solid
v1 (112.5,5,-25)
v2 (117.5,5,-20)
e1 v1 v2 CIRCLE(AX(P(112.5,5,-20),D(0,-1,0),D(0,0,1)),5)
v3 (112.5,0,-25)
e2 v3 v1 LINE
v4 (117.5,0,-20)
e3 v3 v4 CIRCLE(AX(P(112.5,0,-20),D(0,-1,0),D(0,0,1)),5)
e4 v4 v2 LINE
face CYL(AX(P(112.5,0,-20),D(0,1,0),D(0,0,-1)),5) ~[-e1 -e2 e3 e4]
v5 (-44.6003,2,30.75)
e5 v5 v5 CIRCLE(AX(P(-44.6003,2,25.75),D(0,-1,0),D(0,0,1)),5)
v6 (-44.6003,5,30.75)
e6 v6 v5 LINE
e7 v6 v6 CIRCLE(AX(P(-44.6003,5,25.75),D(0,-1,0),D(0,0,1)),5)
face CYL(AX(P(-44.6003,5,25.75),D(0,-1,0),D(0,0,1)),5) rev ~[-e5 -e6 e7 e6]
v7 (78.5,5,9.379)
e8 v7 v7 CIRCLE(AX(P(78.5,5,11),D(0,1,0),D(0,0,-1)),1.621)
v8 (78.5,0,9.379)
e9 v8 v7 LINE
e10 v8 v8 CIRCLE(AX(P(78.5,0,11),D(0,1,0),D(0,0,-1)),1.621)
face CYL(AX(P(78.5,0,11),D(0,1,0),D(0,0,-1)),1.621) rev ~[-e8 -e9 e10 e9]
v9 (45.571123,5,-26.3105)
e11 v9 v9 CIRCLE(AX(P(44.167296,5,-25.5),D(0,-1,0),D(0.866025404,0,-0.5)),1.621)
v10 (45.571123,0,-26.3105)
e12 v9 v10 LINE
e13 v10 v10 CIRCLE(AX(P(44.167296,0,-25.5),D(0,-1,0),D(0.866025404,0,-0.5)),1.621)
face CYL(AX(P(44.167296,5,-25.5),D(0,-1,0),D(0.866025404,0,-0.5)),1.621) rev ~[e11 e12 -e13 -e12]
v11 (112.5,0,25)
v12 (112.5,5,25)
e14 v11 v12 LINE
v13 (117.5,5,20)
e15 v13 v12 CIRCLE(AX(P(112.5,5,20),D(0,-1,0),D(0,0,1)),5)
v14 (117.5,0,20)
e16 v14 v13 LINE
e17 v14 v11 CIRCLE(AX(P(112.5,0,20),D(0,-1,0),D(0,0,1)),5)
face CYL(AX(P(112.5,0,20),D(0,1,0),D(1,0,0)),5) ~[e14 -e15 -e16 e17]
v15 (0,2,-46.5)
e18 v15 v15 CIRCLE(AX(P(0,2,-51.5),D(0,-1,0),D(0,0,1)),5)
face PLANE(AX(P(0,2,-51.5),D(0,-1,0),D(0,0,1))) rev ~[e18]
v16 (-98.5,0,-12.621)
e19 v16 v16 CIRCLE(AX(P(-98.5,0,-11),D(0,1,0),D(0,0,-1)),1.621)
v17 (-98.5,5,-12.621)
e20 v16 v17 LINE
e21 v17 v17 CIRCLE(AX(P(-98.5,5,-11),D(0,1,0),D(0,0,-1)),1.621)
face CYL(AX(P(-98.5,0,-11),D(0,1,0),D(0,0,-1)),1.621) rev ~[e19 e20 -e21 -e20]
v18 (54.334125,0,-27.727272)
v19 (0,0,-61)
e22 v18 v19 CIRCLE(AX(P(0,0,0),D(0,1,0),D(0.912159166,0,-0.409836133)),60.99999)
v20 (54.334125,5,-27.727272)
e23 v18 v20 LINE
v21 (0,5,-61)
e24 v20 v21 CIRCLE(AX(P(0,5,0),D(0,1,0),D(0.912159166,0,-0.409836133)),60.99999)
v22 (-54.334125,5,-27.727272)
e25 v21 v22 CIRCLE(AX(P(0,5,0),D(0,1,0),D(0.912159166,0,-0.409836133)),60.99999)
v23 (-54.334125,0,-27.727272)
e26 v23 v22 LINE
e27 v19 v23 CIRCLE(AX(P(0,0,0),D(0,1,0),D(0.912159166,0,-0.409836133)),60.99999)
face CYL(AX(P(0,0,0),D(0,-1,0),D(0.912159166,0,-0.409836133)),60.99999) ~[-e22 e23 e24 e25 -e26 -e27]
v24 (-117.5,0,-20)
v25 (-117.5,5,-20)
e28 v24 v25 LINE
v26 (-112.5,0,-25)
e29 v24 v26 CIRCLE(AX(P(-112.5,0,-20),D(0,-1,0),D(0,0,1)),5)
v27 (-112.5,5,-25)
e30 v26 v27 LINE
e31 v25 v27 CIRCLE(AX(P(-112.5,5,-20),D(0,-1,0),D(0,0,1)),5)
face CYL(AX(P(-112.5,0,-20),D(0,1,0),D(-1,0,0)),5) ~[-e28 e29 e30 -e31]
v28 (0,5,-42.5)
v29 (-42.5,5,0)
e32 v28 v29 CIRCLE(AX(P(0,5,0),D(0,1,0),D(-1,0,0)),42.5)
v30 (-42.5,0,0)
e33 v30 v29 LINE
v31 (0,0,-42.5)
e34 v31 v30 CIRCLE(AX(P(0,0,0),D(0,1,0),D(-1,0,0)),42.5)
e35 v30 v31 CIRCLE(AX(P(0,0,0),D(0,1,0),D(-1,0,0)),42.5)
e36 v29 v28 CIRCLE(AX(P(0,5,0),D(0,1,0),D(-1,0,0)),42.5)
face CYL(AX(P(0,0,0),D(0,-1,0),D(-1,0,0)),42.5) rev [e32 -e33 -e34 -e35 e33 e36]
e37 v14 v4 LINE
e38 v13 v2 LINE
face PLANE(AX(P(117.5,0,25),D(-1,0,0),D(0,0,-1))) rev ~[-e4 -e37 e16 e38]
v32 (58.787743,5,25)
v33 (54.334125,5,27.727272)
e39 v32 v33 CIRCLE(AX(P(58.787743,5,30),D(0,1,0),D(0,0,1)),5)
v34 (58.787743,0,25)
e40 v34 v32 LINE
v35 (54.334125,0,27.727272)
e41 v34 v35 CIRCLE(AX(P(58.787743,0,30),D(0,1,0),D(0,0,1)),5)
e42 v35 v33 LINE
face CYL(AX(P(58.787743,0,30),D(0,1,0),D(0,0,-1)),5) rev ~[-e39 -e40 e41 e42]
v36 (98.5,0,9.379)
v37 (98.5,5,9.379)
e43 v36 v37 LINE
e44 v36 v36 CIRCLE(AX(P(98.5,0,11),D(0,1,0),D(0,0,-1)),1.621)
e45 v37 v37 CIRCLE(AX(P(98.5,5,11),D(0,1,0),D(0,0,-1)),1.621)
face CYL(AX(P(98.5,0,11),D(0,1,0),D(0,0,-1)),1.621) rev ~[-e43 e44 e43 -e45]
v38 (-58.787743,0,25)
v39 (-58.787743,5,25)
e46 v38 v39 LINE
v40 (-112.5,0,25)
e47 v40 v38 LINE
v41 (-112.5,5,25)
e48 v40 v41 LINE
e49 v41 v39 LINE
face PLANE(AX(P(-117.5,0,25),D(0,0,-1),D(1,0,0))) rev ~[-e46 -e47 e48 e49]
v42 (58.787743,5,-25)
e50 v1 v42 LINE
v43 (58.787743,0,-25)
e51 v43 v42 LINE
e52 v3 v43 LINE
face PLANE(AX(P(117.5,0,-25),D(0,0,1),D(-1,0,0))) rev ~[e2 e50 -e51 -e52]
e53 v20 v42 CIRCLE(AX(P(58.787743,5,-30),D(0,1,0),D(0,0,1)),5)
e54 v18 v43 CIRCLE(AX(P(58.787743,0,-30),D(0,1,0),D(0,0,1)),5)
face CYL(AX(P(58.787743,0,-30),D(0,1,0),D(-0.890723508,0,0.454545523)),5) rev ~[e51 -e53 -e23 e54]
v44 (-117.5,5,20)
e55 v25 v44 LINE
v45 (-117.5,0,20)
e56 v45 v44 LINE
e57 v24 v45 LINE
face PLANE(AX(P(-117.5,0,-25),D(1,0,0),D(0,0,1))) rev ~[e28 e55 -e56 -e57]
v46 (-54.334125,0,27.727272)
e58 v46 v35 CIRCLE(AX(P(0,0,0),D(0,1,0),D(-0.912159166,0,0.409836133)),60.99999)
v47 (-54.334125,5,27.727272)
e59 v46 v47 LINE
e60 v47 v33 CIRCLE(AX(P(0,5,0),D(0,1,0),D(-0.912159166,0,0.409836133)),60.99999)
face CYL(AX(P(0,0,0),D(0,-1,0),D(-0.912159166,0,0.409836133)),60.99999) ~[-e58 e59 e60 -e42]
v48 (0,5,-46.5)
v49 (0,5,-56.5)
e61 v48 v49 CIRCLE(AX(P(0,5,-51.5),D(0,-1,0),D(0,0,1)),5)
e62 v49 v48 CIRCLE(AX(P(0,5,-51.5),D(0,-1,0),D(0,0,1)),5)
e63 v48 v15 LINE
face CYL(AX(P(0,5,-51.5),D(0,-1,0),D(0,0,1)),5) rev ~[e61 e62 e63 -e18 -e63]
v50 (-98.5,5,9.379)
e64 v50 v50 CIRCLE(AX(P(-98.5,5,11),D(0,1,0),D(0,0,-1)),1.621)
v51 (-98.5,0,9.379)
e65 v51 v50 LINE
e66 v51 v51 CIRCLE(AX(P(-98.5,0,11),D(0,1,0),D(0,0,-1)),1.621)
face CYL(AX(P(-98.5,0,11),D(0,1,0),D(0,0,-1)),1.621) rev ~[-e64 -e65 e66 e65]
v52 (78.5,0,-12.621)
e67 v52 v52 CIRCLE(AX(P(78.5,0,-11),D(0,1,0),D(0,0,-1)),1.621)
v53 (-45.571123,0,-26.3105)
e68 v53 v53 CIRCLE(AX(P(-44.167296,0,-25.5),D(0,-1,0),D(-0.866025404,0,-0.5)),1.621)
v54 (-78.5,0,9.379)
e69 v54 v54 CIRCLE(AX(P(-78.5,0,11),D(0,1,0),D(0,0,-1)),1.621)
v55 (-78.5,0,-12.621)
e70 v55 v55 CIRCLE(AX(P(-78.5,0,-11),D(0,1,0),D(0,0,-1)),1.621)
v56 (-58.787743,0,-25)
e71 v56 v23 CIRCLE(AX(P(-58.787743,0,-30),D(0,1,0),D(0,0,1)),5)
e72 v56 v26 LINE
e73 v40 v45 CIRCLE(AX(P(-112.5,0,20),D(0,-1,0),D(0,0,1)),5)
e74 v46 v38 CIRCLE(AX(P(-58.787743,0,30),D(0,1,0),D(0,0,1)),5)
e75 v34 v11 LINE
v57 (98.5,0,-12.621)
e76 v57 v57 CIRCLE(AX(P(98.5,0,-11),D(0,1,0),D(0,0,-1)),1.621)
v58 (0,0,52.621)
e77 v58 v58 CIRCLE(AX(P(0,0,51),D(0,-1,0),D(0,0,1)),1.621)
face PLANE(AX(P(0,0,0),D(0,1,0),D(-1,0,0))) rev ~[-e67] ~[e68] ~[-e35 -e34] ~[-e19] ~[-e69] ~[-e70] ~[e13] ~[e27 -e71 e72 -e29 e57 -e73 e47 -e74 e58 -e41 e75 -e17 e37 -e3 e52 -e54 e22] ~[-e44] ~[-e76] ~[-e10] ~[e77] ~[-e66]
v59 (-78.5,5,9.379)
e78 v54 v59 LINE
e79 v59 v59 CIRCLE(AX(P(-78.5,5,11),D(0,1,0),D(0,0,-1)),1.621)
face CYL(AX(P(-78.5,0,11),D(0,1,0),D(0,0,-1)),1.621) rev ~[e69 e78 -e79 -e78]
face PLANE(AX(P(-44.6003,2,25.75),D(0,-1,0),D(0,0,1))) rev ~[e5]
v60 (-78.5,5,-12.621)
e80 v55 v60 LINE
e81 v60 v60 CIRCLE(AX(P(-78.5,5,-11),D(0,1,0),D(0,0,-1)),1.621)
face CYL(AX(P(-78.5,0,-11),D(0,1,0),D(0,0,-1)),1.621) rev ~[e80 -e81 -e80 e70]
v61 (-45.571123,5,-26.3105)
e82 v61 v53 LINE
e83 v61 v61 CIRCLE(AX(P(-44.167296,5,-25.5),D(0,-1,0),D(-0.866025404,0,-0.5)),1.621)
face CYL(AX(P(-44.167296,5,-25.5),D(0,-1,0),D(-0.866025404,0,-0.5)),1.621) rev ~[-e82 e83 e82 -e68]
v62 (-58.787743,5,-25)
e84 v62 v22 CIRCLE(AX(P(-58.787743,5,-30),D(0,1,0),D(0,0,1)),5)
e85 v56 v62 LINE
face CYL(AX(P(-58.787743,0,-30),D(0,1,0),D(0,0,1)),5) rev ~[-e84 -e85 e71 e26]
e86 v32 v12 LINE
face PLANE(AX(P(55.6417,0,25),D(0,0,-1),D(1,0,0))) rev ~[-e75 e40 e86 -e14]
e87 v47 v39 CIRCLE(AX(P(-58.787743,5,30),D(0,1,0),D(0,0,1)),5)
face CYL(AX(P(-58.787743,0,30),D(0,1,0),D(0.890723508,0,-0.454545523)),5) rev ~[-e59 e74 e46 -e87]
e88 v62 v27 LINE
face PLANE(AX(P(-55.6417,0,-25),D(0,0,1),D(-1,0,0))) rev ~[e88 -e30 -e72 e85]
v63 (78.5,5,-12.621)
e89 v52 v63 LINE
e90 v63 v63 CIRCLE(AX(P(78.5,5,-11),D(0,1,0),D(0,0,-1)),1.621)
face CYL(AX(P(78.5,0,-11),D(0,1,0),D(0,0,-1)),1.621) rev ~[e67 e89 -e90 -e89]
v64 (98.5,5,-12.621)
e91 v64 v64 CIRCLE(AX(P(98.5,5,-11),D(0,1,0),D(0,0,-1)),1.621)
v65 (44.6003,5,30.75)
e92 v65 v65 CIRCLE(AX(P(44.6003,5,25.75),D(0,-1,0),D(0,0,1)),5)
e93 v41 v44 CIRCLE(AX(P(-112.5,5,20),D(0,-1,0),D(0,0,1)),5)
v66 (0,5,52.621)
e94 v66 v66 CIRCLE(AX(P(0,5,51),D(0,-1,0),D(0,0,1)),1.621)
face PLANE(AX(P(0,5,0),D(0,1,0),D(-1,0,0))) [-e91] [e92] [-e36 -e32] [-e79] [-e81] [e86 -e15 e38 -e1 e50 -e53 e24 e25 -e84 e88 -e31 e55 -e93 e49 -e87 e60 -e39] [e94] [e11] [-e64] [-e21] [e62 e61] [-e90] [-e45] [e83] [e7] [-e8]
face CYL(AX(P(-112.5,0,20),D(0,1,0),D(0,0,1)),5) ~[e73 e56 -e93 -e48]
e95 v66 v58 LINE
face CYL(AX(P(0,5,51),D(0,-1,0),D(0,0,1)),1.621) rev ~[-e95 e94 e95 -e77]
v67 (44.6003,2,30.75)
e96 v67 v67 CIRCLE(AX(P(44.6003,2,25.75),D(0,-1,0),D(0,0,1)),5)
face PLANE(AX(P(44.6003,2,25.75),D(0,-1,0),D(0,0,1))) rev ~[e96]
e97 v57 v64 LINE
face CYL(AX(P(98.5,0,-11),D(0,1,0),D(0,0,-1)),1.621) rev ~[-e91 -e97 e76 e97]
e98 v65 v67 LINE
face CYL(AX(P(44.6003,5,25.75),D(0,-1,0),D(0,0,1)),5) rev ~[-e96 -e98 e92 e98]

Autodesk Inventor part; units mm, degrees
ref_plane "YZ Plane" through (0, 0, 0) normal (1, 0, 0) x (0, 1, 0)
ref_plane "XZ Plane" through (0, 0, 0) normal (0, 1, 0) x (-1, 0, 0)
ref_plane "XY Plane" through (0, 0, 0) normal (0, 0, 1) x (1, 0, 0)
sketch "Sketch1" plane through (0, 0, 0) normal (0, 1, 0) x (-1, 0, 0)
  circle A0 centre (0, 0) radius 42.5
  arc A1 (55.6417, 25) -> (-55.6417, 25) centre (0, 0) ccw
  line L0 (0, 0) -> (0, -61)
  line L1 (0, 0) -> (0, 0)
  line L2 (0, 0) -> (0, -90.4875)
  line L3 (-117.5, 25) -> (-117.5, -25)
  line L4 (117.5, -25) -> (117.5, 25)
  line L5 (117.5, 25) -> (-117.5, -25) construction
  line L6 (-117.5, 25) -> (117.5, -25) construction
  line L7 (117.5, 25) -> (55.6417, 25)
  line L8 (-55.6417, 25) -> (-117.5, 25)
  line L9 (55.6417, -25) -> (117.5, -25)
  line L10 (-117.5, -25) -> (-55.6417, -25)
  arc A2 (-55.6417, -25) -> (55.6417, -25) centre (0, 0) ccw
  dimension "d0" = 85
  dimension "d29" = 61
  dimension "d46" = 235
  dimension "d47" = 50
extrude "Extrusion1" add sketch "Sketch1" along normal blind 5
sketch "Sketch2" plane through (0, 0, 0) normal (0, -1, 0) x (1, 0, 0)
  line L0 (-117.5, -25) -> (-117.5, 25) projected
  line L1 (-117.5, 0) -> (117.5, 0)
  line L2 (117.5, 25) -> (117.5, -25) projected
  arc A0 (55.6417, 25) -> (-55.6417, 25) centre (0, 0) ccw projected
  line L3 (0, 61) -> (0, -61)
  arc A1 (-55.6417, -25) -> (55.6417, -25) centre (0, 0) ccw projected
  circle A2 centre (-98.5, 11) radius 2
  line L4 (-117.5, 25) -> (-55.6417, 25) projected
  circle A3 centre (-78.5, 11) radius 2
  circle A4 centre (-98.5, -11) radius 2
  circle A5 centre (-78.5, -11) radius 2
  circle A6 centre (98.5, 11) radius 2
  circle A7 centre (78.5, 11) radius 2
  circle A8 centre (98.5, -11) radius 2
  circle A9 centre (78.5, -11) radius 2
  dimension "d51" = 4
  dimension "d52" = 19
  dimension "d53" = 14
  dimension "d54" = 4
  dimension "d55" = 20
hole "Hole1" at (-98.5, 0, 11) at (-78.5, 0, 11) at (-78.5, 0, -11) at (-98.5, 0, -11) at (78.5, 0, 11) at (98.5, 0, 11) at (98.5, 0, -11) at (78.5, 0, -11) direction (0, 1, 0) diameter 3.242 depth 11.8 tip angle 118 thread size "M4x0.7" class "6H" standard "ANSI Metric M Profile"
fillet "Fillet2" radius 5 8 edges at (-117.5, 2.5, -25) (-55.6417, 2.5, -25) (117.5, 2.5, -25) (55.6417, 2.5, -25) (117.5, 2.5, 25) (55.6417, 2.5, 25) (-55.6417, 2.5, 25) (-117.5, 2.5, 25)
sketch "Sketch4" plane through (0, 5, 0) normal (0, 1, 0) x (1, 0, 0)
  circle A0 centre (0, 0) radius 51.5
  point P0 (0, 51.5)
  point P1 (-44.6003, -25.75)
  point P2 (44.6003, -25.75)
  dimension "d57" = 103
  dimension "d60" = 360
hole "Pins" at (0, 5, -51.5) at (-44.6003, 5, 25.75) at (44.6003, 5, 25.75) direction (0, -1, 0) diameter 10 depth 3
sketch "Sketch5" plane through (0, 5, 0) normal (0, 1, 0) x (1, 0, 0)
  circle A0 centre (0, 0) radius 51
  point P0 (0, -51)
  point P1 (0, -51)
  dimension "d69" = 102
hole "Mounting Holes" at (0, 5, 51) direction (0, -1, 0) diameter 3.242 end through all thread size "M4x0.7" class "6H" standard "ANSI Metric M Profile"
pattern_circular "Circular Pattern1" count 3 over 360 about axis through (0, -10, 0) along (0, 1, 0) of "Mounting Holes"
properties part number "Metal Head Thing"
